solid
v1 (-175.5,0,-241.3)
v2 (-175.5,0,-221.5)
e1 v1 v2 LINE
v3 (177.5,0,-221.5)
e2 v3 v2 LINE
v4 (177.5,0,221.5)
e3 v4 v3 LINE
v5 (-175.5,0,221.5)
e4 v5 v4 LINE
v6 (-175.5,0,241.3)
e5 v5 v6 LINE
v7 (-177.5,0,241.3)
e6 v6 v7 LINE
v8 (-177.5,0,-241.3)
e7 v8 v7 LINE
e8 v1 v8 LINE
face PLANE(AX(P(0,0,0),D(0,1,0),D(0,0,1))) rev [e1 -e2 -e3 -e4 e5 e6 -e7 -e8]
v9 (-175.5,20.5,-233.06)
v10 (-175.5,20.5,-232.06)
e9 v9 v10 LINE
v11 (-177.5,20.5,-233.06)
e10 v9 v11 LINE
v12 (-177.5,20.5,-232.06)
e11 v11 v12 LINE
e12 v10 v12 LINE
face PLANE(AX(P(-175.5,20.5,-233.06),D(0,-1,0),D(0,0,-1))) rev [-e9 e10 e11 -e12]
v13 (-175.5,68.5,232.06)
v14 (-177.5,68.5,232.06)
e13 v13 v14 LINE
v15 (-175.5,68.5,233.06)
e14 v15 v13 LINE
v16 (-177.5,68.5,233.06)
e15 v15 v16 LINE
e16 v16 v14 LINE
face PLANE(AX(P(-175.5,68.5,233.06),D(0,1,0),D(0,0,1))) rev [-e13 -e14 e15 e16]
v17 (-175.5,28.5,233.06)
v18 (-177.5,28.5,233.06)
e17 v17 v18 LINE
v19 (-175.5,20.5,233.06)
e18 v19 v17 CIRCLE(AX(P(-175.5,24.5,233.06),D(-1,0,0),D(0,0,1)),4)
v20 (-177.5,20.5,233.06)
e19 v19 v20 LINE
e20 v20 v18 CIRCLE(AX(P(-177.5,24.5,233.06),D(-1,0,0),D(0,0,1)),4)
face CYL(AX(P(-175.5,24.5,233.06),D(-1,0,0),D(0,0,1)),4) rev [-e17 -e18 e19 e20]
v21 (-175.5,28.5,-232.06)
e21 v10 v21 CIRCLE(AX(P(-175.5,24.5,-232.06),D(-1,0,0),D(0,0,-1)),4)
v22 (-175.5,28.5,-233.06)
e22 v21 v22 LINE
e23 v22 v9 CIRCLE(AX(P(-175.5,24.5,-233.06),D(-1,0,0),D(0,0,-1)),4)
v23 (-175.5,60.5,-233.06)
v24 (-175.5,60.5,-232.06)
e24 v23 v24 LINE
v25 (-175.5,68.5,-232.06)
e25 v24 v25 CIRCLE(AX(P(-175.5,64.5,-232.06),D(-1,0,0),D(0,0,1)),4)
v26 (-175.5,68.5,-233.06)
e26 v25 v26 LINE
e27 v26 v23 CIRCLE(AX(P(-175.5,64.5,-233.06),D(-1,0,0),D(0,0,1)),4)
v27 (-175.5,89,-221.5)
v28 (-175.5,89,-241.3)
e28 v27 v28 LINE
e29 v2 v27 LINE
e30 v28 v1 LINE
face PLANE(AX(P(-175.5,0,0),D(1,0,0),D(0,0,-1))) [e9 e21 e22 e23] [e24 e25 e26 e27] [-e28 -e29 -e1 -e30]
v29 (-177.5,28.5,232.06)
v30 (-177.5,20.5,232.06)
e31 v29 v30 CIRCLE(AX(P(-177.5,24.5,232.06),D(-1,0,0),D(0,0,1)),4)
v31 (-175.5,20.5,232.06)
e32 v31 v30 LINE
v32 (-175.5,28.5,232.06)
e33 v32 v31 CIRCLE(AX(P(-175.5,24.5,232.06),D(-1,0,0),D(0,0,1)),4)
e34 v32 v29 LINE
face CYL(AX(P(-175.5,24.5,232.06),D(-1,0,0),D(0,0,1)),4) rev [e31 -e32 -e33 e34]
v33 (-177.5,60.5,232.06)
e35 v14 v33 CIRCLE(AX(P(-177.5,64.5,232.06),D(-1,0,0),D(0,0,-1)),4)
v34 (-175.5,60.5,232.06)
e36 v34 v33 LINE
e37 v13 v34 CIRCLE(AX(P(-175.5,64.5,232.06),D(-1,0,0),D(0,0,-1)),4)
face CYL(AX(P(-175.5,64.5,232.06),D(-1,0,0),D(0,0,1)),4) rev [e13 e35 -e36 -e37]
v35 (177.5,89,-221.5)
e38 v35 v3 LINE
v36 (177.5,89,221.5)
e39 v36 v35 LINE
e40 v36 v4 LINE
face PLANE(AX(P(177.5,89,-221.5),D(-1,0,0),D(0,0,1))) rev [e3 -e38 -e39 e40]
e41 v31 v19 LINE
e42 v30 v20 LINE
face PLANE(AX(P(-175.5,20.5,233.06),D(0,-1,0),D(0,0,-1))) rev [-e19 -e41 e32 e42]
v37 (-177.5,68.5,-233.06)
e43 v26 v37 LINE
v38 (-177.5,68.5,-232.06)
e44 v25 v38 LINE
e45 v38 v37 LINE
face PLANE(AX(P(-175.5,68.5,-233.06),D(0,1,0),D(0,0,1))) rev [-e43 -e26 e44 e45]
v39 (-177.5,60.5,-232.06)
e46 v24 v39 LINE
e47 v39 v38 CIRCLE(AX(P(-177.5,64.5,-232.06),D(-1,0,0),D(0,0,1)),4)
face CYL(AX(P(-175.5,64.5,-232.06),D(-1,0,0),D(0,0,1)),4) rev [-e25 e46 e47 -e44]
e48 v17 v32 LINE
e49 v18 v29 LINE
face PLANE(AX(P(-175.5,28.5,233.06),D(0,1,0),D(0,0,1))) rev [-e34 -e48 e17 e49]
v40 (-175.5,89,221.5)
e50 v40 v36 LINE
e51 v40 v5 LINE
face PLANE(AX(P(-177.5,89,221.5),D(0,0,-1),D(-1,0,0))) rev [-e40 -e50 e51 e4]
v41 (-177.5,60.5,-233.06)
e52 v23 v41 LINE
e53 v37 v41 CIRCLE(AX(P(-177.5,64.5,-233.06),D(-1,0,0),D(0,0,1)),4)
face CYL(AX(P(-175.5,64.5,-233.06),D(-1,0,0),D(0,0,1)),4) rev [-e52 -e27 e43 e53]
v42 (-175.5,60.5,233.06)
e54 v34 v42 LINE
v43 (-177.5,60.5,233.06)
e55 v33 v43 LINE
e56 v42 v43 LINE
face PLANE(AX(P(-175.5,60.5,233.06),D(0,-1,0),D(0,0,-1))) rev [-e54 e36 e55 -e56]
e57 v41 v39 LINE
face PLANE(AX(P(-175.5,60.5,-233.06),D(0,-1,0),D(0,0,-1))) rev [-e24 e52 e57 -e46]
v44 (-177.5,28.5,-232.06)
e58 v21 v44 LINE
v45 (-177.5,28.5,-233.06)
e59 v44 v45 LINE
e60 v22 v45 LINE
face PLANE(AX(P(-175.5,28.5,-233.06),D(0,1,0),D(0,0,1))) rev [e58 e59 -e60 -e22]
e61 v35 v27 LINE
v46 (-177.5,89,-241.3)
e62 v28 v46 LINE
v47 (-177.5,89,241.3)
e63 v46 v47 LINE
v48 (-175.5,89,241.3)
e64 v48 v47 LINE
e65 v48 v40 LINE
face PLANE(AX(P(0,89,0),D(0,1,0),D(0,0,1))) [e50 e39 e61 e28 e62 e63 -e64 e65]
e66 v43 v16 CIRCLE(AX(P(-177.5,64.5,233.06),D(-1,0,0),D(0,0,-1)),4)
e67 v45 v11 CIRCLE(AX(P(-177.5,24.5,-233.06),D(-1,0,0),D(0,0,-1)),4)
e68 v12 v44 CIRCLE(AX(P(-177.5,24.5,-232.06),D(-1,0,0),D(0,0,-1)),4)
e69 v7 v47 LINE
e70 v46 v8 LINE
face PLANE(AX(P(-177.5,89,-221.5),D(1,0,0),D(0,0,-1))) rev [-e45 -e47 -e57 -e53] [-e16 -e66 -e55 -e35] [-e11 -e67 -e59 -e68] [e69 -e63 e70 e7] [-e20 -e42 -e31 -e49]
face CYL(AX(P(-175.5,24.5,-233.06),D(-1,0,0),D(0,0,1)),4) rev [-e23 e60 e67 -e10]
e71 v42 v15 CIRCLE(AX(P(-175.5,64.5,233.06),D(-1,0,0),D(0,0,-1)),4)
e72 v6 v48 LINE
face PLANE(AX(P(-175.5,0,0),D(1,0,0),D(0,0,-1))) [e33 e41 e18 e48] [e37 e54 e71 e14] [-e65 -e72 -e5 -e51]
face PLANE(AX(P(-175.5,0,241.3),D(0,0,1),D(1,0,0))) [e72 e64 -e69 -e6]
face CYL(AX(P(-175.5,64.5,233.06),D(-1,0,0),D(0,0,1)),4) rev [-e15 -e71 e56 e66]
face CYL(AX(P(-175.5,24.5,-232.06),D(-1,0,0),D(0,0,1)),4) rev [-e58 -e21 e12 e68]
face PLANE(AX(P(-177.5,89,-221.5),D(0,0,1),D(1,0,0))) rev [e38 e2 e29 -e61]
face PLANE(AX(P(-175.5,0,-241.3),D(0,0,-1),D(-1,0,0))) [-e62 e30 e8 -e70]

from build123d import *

# Parameters (mm, degrees)
CROQUIS1_W              = 355
CROQUIS1_H              = 443
SALIENTE_EXTRUIR1_DEPTH = 89
CROQUIS2_W              = 482.6
CROQUIS2_H              = 89
SALIENTE_EXTRUIR2_DEPTH = 2


with BuildPart() as part:
    # Croquis1 → Saliente-Extruir1 (new body)
    with BuildSketch(Plane(origin=(0, 0, 0), x_dir=(1, 0, 0), z_dir=(0, 1, 0))):
        Rectangle(CROQUIS1_W, CROQUIS1_H)
    extrude(amount=SALIENTE_EXTRUIR1_DEPTH)

    # Croquis2 → Saliente-Extruir2 (add)
    with BuildSketch(Plane.ZY.offset(177.5)):
        with Locations((0, 44.5)):
            Rectangle(CROQUIS2_W, CROQUIS2_H)
        with BuildLine():
            Line((-233.06, 68.5), (-232.06, 68.5))
            ThreePointArc((-232.06, 68.5), (-228.06, 64.5), (-232.06, 60.5))
            Line((-232.06, 60.5), (-233.06, 60.5))
            ThreePointArc((-233.06, 60.5), (-237.06, 64.5), (-233.06, 68.5))
        make_face(mode=Mode.SUBTRACT)
        with BuildLine():
            Line((-233.06, 20.5), (-232.06, 20.5))
            ThreePointArc((-232.06, 20.5), (-228.06, 24.5), (-232.06, 28.5))
            Line((-232.06, 28.5), (-233.06, 28.5))
            ThreePointArc((-233.06, 28.5), (-237.06, 24.5), (-233.06, 20.5))
        make_face(mode=Mode.SUBTRACT)
        with BuildLine():
            Line((233.06, 68.5), (232.06, 68.5))
            ThreePointArc((232.06, 68.5), (228.06, 64.5), (232.06, 60.5))
            Line((232.06, 60.5), (233.06, 60.5))
            ThreePointArc((233.06, 60.5), (237.06, 64.5), (233.06, 68.5))
        make_face(mode=Mode.SUBTRACT)
        with BuildLine():
            Line((233.06, 20.5), (232.06, 20.5))
            ThreePointArc((232.06, 20.5), (228.06, 24.5), (232.06, 28.5))
            Line((232.06, 28.5), (233.06, 28.5))
            ThreePointArc((233.06, 28.5), (237.06, 24.5), (233.06, 20.5))
        make_face(mode=Mode.SUBTRACT)
    extrude(amount=-SALIENTE_EXTRUIR2_DEPTH)


solid = part.part
